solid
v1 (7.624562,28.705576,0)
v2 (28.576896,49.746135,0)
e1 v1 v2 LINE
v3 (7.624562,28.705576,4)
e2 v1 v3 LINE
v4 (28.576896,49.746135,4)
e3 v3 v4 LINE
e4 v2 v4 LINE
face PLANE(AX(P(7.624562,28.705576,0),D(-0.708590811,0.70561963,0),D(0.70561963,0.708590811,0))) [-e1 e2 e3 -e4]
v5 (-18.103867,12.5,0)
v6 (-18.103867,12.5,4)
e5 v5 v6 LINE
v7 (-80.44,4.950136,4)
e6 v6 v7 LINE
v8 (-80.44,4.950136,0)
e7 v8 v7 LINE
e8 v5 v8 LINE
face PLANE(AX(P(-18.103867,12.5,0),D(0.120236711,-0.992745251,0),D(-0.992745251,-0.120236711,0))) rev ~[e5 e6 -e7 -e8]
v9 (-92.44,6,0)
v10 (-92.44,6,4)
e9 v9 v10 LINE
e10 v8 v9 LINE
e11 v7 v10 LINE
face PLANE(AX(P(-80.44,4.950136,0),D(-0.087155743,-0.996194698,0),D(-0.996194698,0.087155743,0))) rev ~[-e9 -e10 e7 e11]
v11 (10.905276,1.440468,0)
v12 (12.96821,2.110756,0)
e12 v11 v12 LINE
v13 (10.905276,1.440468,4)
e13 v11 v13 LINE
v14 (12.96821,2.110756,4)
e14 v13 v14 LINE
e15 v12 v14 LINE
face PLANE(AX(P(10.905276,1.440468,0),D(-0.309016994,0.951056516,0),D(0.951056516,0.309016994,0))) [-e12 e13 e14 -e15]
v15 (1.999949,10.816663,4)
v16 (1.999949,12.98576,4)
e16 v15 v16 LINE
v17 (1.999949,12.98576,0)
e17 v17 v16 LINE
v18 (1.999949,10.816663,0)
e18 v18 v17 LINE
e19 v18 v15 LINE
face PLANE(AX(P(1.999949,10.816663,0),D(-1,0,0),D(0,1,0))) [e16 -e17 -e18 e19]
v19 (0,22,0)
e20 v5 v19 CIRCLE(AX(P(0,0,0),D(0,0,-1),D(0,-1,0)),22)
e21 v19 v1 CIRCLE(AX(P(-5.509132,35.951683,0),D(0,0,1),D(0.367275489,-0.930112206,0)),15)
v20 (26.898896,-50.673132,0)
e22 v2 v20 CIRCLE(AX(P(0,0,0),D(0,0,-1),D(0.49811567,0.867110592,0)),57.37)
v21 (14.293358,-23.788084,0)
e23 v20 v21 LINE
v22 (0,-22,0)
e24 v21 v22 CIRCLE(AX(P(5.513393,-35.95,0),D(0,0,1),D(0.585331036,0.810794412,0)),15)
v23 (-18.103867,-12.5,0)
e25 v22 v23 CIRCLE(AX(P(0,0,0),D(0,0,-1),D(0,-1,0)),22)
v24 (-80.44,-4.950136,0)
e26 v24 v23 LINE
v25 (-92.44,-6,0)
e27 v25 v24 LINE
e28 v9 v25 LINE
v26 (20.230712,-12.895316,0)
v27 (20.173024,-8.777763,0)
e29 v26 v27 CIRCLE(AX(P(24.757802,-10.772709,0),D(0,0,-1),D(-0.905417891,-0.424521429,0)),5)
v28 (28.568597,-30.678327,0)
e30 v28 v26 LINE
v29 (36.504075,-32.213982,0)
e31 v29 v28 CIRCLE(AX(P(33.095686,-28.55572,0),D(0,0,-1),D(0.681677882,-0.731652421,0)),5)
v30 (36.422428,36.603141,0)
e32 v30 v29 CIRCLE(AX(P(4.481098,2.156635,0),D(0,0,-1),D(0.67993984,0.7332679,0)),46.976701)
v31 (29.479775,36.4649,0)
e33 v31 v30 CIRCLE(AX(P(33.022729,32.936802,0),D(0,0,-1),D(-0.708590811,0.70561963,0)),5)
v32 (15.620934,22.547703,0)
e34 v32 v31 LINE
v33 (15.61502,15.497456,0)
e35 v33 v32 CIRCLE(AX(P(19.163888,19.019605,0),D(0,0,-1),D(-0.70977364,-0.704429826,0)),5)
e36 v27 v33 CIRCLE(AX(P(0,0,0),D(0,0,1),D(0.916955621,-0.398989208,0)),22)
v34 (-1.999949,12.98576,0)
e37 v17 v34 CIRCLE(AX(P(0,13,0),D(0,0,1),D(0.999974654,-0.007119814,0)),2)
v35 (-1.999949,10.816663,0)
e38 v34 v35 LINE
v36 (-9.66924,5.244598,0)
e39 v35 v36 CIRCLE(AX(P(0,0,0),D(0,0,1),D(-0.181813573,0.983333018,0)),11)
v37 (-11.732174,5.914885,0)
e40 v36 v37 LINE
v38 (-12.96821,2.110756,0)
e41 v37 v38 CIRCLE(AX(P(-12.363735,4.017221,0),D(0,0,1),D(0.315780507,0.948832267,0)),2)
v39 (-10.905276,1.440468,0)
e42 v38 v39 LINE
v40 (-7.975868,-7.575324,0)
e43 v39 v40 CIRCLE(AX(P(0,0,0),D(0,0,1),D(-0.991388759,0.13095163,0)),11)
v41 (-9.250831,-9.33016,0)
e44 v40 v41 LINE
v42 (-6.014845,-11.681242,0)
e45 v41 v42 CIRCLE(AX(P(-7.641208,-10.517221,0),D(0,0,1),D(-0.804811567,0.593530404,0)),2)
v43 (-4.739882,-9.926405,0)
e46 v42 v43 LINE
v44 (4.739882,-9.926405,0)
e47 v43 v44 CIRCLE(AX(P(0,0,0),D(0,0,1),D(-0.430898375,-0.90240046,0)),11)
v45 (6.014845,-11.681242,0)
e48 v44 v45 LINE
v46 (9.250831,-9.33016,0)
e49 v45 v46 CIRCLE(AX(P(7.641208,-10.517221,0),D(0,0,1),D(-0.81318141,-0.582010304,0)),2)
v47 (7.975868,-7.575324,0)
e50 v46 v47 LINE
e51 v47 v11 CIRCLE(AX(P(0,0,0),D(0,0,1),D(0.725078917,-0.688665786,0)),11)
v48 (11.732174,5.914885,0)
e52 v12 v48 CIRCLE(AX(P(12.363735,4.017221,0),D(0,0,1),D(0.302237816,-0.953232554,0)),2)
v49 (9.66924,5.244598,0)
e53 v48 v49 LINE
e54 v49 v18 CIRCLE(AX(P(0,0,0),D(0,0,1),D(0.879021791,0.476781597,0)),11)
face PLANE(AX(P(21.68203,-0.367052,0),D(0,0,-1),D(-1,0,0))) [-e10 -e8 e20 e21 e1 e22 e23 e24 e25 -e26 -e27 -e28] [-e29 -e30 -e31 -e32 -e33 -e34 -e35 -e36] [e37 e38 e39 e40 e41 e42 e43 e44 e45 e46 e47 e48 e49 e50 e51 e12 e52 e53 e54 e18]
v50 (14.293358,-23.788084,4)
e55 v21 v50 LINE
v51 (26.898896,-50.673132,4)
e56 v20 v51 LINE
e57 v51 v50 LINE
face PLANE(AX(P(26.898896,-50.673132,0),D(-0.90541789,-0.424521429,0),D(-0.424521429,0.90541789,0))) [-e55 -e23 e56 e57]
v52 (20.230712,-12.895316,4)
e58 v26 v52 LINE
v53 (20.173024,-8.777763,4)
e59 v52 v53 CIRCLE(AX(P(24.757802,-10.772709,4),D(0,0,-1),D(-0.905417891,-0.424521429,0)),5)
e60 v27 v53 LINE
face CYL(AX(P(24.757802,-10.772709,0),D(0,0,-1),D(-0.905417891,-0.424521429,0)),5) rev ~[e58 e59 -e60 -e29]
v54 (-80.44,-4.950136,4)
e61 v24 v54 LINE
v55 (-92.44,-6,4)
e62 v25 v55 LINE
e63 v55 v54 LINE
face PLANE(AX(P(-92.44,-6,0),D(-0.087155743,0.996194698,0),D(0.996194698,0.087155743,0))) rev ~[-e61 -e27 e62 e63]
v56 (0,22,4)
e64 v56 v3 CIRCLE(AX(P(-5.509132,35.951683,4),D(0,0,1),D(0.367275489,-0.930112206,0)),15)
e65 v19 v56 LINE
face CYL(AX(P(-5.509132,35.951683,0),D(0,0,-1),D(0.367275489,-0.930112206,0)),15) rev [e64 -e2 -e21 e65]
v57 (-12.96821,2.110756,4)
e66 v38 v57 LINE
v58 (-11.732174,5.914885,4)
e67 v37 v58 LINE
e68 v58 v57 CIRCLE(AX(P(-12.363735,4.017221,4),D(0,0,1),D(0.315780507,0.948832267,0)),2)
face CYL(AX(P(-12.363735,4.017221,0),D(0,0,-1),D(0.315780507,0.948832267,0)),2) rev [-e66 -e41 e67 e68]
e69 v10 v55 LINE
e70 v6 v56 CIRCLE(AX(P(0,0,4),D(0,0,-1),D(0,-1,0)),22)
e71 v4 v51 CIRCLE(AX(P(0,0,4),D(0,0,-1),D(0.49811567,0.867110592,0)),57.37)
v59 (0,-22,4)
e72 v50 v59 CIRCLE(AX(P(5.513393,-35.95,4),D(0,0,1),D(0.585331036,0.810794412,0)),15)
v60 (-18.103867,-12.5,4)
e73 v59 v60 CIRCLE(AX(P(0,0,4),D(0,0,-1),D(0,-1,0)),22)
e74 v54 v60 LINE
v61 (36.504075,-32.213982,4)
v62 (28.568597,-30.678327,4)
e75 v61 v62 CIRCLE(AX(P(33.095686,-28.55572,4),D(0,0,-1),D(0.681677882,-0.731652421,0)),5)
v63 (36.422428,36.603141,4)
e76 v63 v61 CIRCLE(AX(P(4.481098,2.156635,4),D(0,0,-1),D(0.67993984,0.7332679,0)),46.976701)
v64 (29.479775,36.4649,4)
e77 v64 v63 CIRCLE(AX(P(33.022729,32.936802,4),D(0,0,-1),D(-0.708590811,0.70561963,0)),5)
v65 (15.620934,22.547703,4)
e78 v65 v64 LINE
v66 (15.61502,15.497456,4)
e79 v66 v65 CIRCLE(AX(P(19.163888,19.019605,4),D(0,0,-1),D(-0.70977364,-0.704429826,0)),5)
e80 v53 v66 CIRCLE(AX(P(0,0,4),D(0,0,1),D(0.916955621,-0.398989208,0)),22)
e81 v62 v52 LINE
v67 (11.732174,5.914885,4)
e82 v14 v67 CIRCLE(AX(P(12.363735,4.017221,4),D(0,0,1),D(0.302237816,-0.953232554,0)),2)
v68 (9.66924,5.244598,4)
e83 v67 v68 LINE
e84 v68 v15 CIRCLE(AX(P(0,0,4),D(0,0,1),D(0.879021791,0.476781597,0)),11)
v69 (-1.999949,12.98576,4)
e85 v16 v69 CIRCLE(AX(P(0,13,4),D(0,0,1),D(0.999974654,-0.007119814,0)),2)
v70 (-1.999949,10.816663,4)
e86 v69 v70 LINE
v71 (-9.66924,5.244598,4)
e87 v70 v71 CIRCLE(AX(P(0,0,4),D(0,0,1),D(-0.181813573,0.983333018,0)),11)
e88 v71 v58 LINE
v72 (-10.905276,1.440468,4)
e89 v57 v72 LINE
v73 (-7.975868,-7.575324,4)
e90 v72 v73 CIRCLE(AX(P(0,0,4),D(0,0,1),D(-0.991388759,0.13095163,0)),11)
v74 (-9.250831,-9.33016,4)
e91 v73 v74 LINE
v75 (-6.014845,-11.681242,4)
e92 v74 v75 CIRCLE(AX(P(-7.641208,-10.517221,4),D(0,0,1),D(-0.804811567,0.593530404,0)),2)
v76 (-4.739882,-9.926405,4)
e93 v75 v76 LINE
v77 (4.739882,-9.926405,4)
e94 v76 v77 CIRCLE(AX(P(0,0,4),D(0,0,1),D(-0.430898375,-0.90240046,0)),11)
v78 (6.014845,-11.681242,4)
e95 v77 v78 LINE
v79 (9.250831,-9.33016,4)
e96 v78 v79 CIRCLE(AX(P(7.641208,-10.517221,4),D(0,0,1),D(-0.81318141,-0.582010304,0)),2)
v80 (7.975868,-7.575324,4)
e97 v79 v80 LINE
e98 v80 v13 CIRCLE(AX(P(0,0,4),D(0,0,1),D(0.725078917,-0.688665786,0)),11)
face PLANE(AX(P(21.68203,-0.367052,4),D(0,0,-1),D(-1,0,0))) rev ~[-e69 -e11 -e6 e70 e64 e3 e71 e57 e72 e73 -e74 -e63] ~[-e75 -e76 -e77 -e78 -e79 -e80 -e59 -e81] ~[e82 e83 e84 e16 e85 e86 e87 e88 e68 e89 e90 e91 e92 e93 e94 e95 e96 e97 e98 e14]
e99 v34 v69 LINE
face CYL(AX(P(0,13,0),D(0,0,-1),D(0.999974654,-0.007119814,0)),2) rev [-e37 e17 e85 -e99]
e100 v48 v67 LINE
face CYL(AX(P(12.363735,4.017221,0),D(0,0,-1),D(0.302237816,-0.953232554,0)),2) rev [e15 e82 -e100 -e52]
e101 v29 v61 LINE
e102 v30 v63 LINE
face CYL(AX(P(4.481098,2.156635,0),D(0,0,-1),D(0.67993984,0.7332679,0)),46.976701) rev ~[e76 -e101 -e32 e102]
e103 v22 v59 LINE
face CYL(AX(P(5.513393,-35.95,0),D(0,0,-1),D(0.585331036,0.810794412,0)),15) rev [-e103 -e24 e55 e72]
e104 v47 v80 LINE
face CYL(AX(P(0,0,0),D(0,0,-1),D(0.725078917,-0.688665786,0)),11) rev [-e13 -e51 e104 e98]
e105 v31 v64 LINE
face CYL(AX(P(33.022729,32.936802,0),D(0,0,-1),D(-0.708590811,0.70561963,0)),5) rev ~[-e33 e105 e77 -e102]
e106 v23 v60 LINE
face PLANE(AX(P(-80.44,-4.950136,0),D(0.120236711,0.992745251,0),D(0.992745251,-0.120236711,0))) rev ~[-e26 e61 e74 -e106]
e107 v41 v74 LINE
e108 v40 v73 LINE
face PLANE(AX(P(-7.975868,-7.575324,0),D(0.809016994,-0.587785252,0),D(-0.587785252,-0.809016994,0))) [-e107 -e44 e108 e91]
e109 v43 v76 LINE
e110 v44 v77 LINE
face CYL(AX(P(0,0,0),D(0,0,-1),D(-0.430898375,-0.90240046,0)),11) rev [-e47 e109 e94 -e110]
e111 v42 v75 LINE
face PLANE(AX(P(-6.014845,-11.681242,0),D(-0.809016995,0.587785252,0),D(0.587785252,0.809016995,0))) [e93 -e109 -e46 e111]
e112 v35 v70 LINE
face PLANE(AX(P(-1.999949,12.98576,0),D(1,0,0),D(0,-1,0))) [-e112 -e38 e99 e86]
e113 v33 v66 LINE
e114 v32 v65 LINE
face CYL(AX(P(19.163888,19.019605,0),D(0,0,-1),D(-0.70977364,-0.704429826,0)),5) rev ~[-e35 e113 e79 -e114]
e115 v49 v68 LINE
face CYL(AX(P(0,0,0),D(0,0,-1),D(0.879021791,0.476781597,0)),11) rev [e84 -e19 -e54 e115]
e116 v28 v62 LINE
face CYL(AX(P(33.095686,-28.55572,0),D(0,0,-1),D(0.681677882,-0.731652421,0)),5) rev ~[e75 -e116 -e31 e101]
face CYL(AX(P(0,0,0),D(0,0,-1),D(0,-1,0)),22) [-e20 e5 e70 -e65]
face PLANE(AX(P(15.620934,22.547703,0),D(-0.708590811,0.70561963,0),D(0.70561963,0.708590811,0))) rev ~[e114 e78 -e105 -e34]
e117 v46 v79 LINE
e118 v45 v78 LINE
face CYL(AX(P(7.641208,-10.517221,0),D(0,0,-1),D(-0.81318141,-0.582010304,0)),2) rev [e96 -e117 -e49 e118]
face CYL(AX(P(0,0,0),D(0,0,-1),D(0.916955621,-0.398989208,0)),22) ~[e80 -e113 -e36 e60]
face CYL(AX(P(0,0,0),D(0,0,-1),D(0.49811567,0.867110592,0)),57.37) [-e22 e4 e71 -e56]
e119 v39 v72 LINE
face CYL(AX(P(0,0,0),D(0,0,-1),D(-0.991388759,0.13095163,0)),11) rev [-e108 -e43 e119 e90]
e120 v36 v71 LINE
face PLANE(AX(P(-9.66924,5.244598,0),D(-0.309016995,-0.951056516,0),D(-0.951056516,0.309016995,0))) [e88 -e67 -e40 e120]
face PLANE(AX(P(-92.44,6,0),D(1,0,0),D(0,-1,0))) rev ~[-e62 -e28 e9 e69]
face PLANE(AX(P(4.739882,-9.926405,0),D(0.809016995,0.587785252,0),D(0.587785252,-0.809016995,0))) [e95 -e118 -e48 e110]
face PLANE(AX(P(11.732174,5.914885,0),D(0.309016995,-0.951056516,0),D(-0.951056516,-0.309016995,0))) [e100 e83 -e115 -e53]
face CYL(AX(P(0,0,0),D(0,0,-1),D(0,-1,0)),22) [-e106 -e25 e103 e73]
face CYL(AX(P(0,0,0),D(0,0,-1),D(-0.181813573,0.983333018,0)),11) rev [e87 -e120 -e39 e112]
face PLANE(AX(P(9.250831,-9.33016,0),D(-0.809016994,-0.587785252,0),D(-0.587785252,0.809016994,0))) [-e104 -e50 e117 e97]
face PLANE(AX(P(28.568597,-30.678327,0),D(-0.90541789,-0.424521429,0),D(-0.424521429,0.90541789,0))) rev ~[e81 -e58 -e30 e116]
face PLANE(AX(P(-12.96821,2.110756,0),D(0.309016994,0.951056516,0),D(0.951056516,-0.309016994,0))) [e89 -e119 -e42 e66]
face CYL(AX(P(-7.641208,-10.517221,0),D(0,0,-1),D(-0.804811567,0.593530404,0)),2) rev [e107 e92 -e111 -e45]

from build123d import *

# Parameters (mm, degrees)
BOSS_EXTRUDE2_DEPTH = 4


with BuildPart() as part:
    # Sketch1 → Boss-Extrude2 (new body)
    # profile 1 of 2: a face of its own
    with BuildSketch(Plane.XY):
        with BuildLine():
            ThreePointArc((-18.10386699, -12.5), (-22, 0), (-18.10386699, 12.5))
            Line((-18.10386699, 12.5), (-80.44, 4.950136038))
            Line((-80.44, 4.950136038), (-92.44, 6))
            Line((-92.44, 6), (-92.44, -6))
            Line((-92.44, -6), (-80.44, -4.950136038))
            Line((-80.44, -4.950136038), (-18.10386699, -12.5))
        make_face()
    # profile 2 of 2: a face of its own
    with BuildSketch(Plane.XY):
        with BuildLine():
            ThreePointArc((0, 22), (4.39692325, 24.688021922), (7.624562296, 28.705576167))
            Line((7.624562296, 28.705576167), (28.576895981, 49.746134685))
            ThreePointArc((28.576895981, 49.746134685), (57.361992188, -0.958515634), (26.898895733, -50.673132016))
            Line((26.898895733, -50.673132016), (14.293358327, -23.788083824))
            ThreePointArc((14.293358327, -23.788083824), (7.375363605, -21.066013146), (0, -22))
            ThreePointArc((0, -22), (-22, 0), (0, 22))
        make_face()
        with BuildLine():
            ThreePointArc((-10.905276344, 1.44046793), (-10.461621679, -3.399186938), (-7.975868085, -7.575323642))
            Line((-7.975868085, -7.575323642), (-9.250831414, -9.330160117))
            ThreePointArc((-9.250831414, -9.330160117), (-8.816778784, -12.135254915), (-6.014845458, -11.681241534))
            Line((-6.014845458, -11.681241534), (-4.73988213, -9.926405059))
            ThreePointArc((-4.73988213, -9.926405059), (0, -11), (4.73988213, -9.926405059))
            Line((4.73988213, -9.926405059), (6.014845458, -11.681241534))
            ThreePointArc((6.014845458, -11.681241534), (8.816778784, -12.135254915), (9.250831414, -9.330160117))
            Line((9.250831414, -9.330160117), (7.975868085, -7.575323642))
            ThreePointArc((7.975868085, -7.575323642), (10.461621679, -3.399186938), (10.905276344, 1.44046793))
            Line((10.905276344, 1.44046793), (12.968210344, 2.110755818))
            ThreePointArc((12.968210344, 2.110755818), (14.265847744, 4.635254915), (11.732173696, 5.914885461))
            Line((11.732173696, 5.914885461), (9.669239696, 5.244597572))
            ThreePointArc((9.669239696, 5.244597572), (6.465637775, 8.899186938), (1.999949308, 10.816663199))
            Line((1.999949308, 10.816663199), (1.999949308, 12.985760372))
            ThreePointArc((1.999949308, 12.985760372), (0, 15), (-1.999949308, 12.985760372))
            Line((-1.999949308, 12.985760372), (-1.999949308, 10.816663199))
            ThreePointArc((-1.999949308, 10.816663199), (-6.465637775, 8.899186938), (-9.669239696, 5.244597572))
            Line((-9.669239696, 5.244597572), (-11.732173696, 5.914885461))
            ThreePointArc((-11.732173696, 5.914885461), (-14.265847744, 4.635254915), (-12.968210344, 2.110755818))
            Line((-12.968210344, 2.110755818), (-10.905276344, 1.44046793))
        make_face(mode=Mode.SUBTRACT)
        with BuildLine():
            ThreePointArc((20.173023673, -8.777762578), (21.622154849, 4.05985464), (15.61502008, 15.497456175))
            ThreePointArc((15.61502008, 15.497456175), (14.163890039, 19.023799586), (15.620934225, 22.547703457))
            Line((15.620934225, 22.547703457), (29.479774673, 36.464899881))
            ThreePointArc((29.479774673, 36.464899881), (32.923189008, 37.935810816), (36.42242793, 36.603141231))
            ThreePointArc((36.42242793, 36.603141231), (51.457765207, 2.212369547), (36.504075375, -32.213982342))
            ThreePointArc((36.504075375, -32.213982342), (32.145722027, -33.464647666), (28.568596515, -30.678327382))
            Line((28.568596515, -30.678327382), (20.230712329, -12.895315764))
            ThreePointArc((20.230712329, -12.895315764), (19.758292439, -10.842753852), (20.173023673, -8.777762578))
        make_face(mode=Mode.SUBTRACT)
    extrude(amount=BOSS_EXTRUDE2_DEPTH)


solid = part.part
